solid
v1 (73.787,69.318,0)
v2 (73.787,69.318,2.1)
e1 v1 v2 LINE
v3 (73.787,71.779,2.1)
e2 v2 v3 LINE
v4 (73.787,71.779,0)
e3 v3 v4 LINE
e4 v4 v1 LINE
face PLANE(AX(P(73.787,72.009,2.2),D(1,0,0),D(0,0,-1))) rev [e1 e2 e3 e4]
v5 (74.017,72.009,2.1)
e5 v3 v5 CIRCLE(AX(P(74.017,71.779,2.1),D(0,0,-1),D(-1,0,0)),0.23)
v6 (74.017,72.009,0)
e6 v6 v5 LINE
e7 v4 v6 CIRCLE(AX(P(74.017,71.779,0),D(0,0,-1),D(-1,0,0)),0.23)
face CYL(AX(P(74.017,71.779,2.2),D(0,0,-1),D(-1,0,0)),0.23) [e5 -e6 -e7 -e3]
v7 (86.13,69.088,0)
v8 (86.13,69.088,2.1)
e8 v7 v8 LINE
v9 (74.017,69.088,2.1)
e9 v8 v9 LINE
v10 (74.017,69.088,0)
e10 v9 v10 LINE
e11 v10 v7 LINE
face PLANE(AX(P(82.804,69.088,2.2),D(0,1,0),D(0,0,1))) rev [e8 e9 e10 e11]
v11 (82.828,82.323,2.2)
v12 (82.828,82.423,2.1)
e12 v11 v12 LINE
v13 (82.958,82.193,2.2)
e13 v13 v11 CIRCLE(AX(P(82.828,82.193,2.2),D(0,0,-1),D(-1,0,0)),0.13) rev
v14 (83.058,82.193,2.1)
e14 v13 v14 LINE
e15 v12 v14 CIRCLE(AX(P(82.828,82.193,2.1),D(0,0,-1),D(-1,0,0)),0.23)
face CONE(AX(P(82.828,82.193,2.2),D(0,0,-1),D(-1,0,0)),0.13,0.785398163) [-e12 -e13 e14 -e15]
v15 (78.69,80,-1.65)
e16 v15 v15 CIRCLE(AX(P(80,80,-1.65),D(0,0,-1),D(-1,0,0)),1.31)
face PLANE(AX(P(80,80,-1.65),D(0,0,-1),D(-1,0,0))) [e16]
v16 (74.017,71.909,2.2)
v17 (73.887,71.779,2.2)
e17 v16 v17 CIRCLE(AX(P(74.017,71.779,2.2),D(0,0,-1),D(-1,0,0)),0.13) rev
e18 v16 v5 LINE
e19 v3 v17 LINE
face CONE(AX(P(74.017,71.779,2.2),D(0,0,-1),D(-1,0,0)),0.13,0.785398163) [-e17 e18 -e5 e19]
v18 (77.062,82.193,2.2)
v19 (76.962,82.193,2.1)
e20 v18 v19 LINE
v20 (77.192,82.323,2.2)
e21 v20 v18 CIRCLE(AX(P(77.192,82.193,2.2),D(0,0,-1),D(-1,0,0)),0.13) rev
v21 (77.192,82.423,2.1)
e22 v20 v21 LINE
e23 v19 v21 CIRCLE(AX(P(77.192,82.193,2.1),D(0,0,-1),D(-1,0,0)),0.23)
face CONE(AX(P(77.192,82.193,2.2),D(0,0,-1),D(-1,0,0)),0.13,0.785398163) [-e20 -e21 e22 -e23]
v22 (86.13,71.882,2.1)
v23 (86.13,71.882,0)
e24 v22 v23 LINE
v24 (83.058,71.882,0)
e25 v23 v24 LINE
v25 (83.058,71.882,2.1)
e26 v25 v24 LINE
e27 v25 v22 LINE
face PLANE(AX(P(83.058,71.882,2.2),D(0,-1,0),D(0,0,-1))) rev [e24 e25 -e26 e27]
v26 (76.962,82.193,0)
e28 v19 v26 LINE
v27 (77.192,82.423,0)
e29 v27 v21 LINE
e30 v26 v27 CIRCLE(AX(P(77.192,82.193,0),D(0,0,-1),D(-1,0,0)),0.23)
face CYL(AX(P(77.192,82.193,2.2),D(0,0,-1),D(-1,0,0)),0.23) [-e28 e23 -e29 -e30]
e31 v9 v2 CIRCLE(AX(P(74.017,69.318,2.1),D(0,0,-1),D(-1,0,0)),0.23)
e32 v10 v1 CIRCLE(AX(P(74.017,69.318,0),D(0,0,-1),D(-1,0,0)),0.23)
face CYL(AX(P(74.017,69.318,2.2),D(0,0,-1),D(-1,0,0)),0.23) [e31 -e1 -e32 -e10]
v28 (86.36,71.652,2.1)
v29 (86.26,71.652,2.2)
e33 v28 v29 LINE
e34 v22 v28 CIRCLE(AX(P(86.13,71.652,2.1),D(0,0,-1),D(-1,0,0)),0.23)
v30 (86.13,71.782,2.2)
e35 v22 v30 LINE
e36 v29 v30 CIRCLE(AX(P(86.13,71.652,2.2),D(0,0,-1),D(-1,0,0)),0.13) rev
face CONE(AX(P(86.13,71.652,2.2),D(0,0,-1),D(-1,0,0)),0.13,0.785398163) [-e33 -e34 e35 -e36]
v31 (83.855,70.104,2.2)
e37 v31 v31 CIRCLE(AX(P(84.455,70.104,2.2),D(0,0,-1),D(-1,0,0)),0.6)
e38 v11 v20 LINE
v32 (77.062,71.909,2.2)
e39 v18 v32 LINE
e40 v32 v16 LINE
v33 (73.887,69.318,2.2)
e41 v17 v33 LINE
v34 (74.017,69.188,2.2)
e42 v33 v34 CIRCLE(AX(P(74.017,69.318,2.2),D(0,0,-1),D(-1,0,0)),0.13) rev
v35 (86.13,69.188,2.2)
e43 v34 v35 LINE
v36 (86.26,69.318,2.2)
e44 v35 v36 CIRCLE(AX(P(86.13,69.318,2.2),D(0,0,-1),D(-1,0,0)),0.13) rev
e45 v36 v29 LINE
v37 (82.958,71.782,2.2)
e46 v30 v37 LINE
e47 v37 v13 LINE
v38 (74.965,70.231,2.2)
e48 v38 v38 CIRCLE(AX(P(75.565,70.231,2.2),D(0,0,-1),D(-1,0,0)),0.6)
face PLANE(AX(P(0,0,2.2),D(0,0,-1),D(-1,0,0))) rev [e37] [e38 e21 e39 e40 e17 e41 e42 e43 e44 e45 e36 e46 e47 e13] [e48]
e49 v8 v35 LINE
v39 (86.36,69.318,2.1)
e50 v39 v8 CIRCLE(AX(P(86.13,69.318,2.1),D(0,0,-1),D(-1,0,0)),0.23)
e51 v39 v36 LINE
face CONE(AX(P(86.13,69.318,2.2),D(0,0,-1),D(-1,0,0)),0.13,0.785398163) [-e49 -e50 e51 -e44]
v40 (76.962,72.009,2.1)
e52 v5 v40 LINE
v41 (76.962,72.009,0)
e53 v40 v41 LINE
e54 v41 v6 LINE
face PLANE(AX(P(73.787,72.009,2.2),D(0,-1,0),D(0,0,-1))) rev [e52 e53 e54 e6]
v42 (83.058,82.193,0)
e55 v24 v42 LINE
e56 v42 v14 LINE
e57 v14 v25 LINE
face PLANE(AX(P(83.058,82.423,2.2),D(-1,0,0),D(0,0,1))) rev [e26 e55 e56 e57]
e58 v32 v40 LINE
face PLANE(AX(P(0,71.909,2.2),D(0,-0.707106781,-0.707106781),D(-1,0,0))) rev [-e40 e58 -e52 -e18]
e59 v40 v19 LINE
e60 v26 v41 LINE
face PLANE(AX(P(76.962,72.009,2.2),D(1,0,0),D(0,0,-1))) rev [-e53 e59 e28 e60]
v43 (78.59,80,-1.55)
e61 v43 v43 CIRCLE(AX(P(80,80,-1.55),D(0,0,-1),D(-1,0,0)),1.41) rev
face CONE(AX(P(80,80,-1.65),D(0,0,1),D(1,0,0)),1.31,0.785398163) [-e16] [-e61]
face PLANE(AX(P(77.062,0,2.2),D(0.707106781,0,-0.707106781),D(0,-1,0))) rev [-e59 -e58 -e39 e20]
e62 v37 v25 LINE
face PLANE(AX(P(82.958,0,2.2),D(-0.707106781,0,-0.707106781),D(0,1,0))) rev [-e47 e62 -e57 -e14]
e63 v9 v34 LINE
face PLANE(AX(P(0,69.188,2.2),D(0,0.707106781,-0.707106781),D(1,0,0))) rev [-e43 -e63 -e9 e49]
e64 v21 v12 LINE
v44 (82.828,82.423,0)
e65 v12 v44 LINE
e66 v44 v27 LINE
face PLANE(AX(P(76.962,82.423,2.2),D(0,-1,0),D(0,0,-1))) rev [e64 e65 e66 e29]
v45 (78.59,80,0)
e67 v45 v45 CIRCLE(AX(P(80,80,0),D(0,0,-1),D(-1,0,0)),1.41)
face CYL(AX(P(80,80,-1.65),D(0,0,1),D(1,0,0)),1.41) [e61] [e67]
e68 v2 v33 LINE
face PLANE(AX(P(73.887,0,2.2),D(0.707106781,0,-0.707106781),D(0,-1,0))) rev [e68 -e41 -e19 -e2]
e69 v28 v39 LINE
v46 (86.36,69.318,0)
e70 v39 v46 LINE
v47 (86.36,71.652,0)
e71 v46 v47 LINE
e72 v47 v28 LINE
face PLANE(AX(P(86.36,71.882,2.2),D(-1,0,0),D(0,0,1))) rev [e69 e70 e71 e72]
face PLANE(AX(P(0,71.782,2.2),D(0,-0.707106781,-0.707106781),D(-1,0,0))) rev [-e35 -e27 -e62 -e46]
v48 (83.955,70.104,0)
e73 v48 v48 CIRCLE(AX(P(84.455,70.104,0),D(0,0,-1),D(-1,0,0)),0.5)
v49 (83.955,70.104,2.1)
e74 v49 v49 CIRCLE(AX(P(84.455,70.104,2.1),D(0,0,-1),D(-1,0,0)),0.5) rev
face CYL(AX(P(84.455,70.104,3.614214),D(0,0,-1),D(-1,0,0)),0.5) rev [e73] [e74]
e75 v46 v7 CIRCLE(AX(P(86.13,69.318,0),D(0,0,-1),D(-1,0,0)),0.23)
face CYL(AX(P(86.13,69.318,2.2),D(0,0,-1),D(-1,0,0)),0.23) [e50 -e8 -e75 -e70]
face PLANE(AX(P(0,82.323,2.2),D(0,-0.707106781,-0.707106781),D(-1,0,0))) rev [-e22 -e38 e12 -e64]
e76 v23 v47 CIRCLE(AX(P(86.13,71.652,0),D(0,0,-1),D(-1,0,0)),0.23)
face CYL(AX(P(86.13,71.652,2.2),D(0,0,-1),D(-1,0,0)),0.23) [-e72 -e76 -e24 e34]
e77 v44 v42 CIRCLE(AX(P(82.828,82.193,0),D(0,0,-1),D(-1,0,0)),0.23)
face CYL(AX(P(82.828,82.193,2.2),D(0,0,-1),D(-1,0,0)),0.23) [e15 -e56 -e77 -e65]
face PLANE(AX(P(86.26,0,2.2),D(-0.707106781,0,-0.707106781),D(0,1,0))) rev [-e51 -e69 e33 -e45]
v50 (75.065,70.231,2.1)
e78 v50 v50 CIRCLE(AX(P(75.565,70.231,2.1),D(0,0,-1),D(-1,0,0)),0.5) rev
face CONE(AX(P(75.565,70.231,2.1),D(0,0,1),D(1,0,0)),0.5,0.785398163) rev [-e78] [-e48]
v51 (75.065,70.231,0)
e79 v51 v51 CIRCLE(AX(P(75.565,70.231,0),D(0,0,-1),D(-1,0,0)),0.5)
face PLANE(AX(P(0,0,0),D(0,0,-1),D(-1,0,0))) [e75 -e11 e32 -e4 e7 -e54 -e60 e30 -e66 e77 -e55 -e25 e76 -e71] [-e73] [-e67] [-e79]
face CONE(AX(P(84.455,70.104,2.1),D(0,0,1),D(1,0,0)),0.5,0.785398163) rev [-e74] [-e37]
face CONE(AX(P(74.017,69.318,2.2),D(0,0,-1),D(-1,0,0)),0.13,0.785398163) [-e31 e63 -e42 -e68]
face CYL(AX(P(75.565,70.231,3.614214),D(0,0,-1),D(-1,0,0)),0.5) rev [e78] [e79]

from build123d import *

# Parameters (mm, degrees)
EXTRUDE_1_DEPTH     = 2.2
FILLET_1_R          = 0.23
SKETCH_4_R          = 1.41
EXTRUDE_2_DEPTH     = 1.65
CHAMFER_1_SIZE      = 0.1
SKETCH_5_R          = 0.5
CUT_EXTRUDE_1_DEPTH = 2.2
CHAMFER_2_SIZE      = 0.1


with BuildPart() as part:
    # 草图2 → 凸台-拉伸1 (new body)
    with BuildSketch(Plane.XY):
        Polygon((73.787, 72.009), (76.962, 72.009), (76.962, 82.423), (83.058, 82.423), (83.058, 71.882), (86.36, 71.882), (86.36, 69.088), (82.804, 69.088), (77.343, 69.088), (73.787, 69.088), align=None)
    extrude(amount=EXTRUDE_1_DEPTH)

    # 圆角1
    fillet_1_edges = [part.edges().sort_by_distance(p)[0] for p in [
        (73.787, 72.009, 1.1),
        (76.962, 82.423, 1.1),
        (83.058, 82.423, 1.1),
        (86.36, 71.882, 1.1),
        (86.36, 69.088, 1.1),
        (73.787, 69.088, 1.1),
    ]]
    fillet(fillet_1_edges, radius=FILLET_1_R)

    # 草图4 → 凸台-拉伸2 (add)
    with BuildSketch(Plane.XY):
        with Locations(Location((80.00000002, 80.00000002, 0), (0, 0, 180))):
            Circle(SKETCH_4_R)
    extrude(amount=-EXTRUDE_2_DEPTH)

    # 倒角1
    chamfer_1_edges = [part.edges().sort_by_distance(p)[0] for p in [
        (83.058, 77.0375, 2.2),
        (80.0735, 69.088, 2.2),
        (73.787, 70.5485, 2.2),
        (75.4895, 72.009, 2.2),
        (86.36, 70.485, 2.2),
        (84.594, 71.882, 2.2),
        (80.01, 82.423, 2.2),
        (76.962, 77.101, 2.2),
        (86.29263456, 71.81463456, 2.2),
        (86.29263456, 69.15536544, 2.2),
        (82.99063456, 82.35563456, 2.2),
        (77.02936544, 82.35563456, 2.2),
        (73.85436544, 71.94163456, 2.2),
        (73.85436544, 69.15536544, 2.2),
        (81.41000002, 80.00000002, -1.65),
    ]]
    chamfer(chamfer_1_edges, length=CHAMFER_1_SIZE)

    # 草图5 → 切除-拉伸1 (cut)
    with BuildSketch(Plane.XY):
        with Locations(Location((75.565, 70.231, 0), (0, 0, 180))):
            Circle(SKETCH_5_R)
        with Locations(Location((84.455, 70.104, 0), (0, 0, 180))):
            Circle(SKETCH_5_R)
    extrude(amount=CUT_EXTRUDE_1_DEPTH, mode=Mode.SUBTRACT)

    # 倒角2
    chamfer_2_edges = [part.edges().sort_by_distance(p)[0] for p in [
        (76.065, 70.231, 2.2),
        (84.955, 70.104, 2.2),
    ]]
    chamfer(chamfer_2_edges, length=CHAMFER_2_SIZE)


solid = part.part
